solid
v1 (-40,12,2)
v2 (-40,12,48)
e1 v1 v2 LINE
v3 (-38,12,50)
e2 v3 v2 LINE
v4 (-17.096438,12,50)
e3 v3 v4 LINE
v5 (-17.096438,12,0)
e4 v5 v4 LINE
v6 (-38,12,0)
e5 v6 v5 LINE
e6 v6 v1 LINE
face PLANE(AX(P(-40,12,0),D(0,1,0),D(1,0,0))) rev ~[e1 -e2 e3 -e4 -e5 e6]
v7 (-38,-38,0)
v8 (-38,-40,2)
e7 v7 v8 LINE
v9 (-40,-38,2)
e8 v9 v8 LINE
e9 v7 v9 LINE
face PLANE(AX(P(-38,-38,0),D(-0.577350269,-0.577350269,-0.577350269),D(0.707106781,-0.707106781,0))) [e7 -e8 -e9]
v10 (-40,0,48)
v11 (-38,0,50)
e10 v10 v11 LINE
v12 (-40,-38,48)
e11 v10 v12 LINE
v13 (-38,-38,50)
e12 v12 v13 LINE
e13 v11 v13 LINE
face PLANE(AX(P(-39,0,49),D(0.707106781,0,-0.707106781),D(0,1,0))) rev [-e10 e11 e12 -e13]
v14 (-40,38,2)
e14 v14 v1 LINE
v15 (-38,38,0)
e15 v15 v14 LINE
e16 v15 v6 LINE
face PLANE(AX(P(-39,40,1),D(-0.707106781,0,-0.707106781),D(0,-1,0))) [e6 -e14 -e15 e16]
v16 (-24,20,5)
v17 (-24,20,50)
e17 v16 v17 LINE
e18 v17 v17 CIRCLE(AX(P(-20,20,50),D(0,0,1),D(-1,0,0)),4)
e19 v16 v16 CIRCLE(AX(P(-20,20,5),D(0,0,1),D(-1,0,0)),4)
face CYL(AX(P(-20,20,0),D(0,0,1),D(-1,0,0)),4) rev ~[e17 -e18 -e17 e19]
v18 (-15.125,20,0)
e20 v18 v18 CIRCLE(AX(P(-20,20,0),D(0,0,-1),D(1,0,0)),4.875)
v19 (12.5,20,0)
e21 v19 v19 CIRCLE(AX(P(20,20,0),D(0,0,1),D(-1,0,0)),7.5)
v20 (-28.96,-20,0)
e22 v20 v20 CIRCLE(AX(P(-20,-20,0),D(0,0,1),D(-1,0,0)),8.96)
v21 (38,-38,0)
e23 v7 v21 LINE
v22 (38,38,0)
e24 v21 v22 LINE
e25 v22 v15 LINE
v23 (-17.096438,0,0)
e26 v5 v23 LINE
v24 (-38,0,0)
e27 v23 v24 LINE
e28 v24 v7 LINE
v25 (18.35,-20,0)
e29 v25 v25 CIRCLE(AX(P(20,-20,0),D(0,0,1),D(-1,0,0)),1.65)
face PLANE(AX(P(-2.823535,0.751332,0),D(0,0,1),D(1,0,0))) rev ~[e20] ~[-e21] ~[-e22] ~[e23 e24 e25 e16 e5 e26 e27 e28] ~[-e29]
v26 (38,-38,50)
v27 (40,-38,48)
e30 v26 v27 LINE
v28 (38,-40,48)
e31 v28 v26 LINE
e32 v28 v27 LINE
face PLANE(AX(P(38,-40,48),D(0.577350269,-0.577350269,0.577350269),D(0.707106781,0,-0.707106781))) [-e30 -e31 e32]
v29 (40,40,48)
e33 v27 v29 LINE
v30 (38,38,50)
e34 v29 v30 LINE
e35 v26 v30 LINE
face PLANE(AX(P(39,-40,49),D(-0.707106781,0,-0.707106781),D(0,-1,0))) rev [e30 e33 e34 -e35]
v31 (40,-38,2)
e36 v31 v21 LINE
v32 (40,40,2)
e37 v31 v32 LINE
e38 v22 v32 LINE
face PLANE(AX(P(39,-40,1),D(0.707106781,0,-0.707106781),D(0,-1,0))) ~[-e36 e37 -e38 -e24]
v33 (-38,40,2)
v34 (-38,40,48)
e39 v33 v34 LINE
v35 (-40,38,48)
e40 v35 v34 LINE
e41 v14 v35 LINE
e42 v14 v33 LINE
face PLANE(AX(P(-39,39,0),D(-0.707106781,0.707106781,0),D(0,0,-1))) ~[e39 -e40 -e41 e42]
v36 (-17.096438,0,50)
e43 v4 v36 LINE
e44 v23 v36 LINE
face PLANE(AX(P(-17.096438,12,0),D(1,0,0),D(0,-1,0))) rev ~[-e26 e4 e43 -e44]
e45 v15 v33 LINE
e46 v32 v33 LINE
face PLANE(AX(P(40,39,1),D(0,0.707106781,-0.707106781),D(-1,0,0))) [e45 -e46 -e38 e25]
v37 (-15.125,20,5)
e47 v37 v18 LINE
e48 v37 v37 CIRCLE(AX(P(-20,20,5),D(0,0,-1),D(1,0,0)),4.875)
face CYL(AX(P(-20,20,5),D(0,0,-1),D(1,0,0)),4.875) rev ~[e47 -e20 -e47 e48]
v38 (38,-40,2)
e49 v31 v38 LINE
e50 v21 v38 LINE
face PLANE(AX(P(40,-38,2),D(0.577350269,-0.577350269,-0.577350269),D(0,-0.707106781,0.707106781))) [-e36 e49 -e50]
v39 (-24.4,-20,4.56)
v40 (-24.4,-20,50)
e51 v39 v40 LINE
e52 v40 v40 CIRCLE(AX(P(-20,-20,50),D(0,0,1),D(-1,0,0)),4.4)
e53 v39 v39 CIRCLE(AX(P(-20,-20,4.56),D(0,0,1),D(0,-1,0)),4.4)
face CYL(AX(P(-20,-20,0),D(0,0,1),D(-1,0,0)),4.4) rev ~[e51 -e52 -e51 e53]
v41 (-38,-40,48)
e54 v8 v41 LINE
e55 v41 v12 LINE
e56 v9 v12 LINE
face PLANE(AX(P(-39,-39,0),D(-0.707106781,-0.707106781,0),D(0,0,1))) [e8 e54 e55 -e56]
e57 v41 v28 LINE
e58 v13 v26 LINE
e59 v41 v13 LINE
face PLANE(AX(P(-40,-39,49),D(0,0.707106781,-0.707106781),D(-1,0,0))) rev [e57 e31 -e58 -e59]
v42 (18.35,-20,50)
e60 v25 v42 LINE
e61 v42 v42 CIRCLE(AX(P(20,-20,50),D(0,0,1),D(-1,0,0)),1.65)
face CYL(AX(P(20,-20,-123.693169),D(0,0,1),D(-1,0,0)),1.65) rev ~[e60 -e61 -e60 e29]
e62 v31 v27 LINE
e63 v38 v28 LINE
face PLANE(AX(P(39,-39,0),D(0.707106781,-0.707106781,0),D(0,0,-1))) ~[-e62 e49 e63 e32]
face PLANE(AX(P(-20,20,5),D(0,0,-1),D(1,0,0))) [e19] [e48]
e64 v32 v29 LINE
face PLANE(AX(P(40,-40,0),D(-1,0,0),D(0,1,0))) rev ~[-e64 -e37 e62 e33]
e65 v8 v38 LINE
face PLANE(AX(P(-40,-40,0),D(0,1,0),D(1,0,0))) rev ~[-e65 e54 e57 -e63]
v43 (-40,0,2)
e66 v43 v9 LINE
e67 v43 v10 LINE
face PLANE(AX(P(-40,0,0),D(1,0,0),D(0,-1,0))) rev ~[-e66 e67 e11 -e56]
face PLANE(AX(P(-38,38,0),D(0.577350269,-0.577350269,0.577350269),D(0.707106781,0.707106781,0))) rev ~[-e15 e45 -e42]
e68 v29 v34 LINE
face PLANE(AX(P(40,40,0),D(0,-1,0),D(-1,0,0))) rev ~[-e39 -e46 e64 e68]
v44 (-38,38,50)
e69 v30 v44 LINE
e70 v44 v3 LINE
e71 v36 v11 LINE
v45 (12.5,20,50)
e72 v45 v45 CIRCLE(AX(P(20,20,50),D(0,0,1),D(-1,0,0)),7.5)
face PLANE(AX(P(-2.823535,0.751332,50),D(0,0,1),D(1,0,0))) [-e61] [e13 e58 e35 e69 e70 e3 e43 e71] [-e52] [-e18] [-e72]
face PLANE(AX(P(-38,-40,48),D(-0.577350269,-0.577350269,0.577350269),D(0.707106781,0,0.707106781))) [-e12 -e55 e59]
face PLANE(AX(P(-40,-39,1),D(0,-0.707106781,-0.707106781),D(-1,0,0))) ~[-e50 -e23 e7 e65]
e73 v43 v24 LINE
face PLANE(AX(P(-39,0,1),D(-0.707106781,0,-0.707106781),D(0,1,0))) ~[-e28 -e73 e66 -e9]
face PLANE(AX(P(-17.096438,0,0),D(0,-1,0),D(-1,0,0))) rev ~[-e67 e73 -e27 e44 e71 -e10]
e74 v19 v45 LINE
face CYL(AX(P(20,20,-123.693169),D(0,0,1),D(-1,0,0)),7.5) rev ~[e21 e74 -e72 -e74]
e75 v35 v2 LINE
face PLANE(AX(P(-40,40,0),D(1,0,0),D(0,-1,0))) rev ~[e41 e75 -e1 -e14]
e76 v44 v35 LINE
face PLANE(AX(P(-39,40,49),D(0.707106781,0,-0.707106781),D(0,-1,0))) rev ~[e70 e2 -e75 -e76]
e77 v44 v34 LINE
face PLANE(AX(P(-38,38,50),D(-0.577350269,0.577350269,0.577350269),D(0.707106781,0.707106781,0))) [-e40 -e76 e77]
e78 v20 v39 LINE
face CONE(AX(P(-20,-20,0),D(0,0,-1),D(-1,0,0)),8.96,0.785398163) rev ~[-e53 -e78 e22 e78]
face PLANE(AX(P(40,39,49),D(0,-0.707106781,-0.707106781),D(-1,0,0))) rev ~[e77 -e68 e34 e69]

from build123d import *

# Parameters (mm, degrees)
F1_DEPTH       = 50
F2_D           = 8
F2_CBORE_D     = 9.75
F2_CBORE_DEPTH = 5
F3_D           = 15
F4_D           = 8.8
F4_CSINK_D     = 17.92
F4_CSINK_ANGLE = 90
F5_D           = 3.3
F6_SIZE2       = 2
F6_SIZE        = 2


with BuildPart() as f1:
    # F0 (on Top) → F1 (new body)
    with BuildSketch(Plane.XY):
        Polygon((-40, -40), (40, -40), (40, 40), (-40, 40), (-40, 12), (-17.0964375138, 12), (-17.0964375138, 0), (-40, 0), align=None)
    extrude(amount=F1_DEPTH)

    # F2 (through all)
    with Locations(Plane(origin=(0, 0, 0), x_dir=(1, 0, 0), z_dir=(0, 0, -1))):
        with Locations((-20, -20)):
            CounterBoreHole(F2_D / 2, F2_CBORE_D / 2, F2_CBORE_DEPTH)

    # F3 (through all)
    with Locations(Plane(origin=(0, 0, 0), x_dir=(1, 0, 0), z_dir=(0, 0, -1))):
        with Locations((20, -20)):
            Hole(F3_D / 2)

    # F4 (through all)
    with Locations(Plane(origin=(0, 0, 0), x_dir=(1, 0, 0), z_dir=(0, 0, -1))):
        with Locations((-20, 20)):
            CounterSinkHole(F4_D / 2, F4_CSINK_D / 2, counter_sink_angle=F4_CSINK_ANGLE)

    # F5 (through all)
    with Locations(Plane(origin=(0, 0, 0), x_dir=(1, 0, 0), z_dir=(0, 0, -1))):
        with Locations((20, 20)):
            Hole(F5_D / 2)

    # F6
    f6_edges = [f1.edges().sort_by_distance(p)[0] for p in [
        (-40, 40, 25),
        (-40, -20, 50),
        (-40, 26, 50),
        (-40, -40, 25),
        (-40, -20, 0),
        (-40, 26, 0),
        (0, 40, 0),
        (0, -40, 0),
        (40, 0, 0),
        (40, 0, 50),
        (0, 40, 50),
        (0, -40, 50),
        (40, -40, 25),
    ]]
    chamfer(f6_edges, length=F6_SIZE, length2=F6_SIZE2)


solid = f1.part
